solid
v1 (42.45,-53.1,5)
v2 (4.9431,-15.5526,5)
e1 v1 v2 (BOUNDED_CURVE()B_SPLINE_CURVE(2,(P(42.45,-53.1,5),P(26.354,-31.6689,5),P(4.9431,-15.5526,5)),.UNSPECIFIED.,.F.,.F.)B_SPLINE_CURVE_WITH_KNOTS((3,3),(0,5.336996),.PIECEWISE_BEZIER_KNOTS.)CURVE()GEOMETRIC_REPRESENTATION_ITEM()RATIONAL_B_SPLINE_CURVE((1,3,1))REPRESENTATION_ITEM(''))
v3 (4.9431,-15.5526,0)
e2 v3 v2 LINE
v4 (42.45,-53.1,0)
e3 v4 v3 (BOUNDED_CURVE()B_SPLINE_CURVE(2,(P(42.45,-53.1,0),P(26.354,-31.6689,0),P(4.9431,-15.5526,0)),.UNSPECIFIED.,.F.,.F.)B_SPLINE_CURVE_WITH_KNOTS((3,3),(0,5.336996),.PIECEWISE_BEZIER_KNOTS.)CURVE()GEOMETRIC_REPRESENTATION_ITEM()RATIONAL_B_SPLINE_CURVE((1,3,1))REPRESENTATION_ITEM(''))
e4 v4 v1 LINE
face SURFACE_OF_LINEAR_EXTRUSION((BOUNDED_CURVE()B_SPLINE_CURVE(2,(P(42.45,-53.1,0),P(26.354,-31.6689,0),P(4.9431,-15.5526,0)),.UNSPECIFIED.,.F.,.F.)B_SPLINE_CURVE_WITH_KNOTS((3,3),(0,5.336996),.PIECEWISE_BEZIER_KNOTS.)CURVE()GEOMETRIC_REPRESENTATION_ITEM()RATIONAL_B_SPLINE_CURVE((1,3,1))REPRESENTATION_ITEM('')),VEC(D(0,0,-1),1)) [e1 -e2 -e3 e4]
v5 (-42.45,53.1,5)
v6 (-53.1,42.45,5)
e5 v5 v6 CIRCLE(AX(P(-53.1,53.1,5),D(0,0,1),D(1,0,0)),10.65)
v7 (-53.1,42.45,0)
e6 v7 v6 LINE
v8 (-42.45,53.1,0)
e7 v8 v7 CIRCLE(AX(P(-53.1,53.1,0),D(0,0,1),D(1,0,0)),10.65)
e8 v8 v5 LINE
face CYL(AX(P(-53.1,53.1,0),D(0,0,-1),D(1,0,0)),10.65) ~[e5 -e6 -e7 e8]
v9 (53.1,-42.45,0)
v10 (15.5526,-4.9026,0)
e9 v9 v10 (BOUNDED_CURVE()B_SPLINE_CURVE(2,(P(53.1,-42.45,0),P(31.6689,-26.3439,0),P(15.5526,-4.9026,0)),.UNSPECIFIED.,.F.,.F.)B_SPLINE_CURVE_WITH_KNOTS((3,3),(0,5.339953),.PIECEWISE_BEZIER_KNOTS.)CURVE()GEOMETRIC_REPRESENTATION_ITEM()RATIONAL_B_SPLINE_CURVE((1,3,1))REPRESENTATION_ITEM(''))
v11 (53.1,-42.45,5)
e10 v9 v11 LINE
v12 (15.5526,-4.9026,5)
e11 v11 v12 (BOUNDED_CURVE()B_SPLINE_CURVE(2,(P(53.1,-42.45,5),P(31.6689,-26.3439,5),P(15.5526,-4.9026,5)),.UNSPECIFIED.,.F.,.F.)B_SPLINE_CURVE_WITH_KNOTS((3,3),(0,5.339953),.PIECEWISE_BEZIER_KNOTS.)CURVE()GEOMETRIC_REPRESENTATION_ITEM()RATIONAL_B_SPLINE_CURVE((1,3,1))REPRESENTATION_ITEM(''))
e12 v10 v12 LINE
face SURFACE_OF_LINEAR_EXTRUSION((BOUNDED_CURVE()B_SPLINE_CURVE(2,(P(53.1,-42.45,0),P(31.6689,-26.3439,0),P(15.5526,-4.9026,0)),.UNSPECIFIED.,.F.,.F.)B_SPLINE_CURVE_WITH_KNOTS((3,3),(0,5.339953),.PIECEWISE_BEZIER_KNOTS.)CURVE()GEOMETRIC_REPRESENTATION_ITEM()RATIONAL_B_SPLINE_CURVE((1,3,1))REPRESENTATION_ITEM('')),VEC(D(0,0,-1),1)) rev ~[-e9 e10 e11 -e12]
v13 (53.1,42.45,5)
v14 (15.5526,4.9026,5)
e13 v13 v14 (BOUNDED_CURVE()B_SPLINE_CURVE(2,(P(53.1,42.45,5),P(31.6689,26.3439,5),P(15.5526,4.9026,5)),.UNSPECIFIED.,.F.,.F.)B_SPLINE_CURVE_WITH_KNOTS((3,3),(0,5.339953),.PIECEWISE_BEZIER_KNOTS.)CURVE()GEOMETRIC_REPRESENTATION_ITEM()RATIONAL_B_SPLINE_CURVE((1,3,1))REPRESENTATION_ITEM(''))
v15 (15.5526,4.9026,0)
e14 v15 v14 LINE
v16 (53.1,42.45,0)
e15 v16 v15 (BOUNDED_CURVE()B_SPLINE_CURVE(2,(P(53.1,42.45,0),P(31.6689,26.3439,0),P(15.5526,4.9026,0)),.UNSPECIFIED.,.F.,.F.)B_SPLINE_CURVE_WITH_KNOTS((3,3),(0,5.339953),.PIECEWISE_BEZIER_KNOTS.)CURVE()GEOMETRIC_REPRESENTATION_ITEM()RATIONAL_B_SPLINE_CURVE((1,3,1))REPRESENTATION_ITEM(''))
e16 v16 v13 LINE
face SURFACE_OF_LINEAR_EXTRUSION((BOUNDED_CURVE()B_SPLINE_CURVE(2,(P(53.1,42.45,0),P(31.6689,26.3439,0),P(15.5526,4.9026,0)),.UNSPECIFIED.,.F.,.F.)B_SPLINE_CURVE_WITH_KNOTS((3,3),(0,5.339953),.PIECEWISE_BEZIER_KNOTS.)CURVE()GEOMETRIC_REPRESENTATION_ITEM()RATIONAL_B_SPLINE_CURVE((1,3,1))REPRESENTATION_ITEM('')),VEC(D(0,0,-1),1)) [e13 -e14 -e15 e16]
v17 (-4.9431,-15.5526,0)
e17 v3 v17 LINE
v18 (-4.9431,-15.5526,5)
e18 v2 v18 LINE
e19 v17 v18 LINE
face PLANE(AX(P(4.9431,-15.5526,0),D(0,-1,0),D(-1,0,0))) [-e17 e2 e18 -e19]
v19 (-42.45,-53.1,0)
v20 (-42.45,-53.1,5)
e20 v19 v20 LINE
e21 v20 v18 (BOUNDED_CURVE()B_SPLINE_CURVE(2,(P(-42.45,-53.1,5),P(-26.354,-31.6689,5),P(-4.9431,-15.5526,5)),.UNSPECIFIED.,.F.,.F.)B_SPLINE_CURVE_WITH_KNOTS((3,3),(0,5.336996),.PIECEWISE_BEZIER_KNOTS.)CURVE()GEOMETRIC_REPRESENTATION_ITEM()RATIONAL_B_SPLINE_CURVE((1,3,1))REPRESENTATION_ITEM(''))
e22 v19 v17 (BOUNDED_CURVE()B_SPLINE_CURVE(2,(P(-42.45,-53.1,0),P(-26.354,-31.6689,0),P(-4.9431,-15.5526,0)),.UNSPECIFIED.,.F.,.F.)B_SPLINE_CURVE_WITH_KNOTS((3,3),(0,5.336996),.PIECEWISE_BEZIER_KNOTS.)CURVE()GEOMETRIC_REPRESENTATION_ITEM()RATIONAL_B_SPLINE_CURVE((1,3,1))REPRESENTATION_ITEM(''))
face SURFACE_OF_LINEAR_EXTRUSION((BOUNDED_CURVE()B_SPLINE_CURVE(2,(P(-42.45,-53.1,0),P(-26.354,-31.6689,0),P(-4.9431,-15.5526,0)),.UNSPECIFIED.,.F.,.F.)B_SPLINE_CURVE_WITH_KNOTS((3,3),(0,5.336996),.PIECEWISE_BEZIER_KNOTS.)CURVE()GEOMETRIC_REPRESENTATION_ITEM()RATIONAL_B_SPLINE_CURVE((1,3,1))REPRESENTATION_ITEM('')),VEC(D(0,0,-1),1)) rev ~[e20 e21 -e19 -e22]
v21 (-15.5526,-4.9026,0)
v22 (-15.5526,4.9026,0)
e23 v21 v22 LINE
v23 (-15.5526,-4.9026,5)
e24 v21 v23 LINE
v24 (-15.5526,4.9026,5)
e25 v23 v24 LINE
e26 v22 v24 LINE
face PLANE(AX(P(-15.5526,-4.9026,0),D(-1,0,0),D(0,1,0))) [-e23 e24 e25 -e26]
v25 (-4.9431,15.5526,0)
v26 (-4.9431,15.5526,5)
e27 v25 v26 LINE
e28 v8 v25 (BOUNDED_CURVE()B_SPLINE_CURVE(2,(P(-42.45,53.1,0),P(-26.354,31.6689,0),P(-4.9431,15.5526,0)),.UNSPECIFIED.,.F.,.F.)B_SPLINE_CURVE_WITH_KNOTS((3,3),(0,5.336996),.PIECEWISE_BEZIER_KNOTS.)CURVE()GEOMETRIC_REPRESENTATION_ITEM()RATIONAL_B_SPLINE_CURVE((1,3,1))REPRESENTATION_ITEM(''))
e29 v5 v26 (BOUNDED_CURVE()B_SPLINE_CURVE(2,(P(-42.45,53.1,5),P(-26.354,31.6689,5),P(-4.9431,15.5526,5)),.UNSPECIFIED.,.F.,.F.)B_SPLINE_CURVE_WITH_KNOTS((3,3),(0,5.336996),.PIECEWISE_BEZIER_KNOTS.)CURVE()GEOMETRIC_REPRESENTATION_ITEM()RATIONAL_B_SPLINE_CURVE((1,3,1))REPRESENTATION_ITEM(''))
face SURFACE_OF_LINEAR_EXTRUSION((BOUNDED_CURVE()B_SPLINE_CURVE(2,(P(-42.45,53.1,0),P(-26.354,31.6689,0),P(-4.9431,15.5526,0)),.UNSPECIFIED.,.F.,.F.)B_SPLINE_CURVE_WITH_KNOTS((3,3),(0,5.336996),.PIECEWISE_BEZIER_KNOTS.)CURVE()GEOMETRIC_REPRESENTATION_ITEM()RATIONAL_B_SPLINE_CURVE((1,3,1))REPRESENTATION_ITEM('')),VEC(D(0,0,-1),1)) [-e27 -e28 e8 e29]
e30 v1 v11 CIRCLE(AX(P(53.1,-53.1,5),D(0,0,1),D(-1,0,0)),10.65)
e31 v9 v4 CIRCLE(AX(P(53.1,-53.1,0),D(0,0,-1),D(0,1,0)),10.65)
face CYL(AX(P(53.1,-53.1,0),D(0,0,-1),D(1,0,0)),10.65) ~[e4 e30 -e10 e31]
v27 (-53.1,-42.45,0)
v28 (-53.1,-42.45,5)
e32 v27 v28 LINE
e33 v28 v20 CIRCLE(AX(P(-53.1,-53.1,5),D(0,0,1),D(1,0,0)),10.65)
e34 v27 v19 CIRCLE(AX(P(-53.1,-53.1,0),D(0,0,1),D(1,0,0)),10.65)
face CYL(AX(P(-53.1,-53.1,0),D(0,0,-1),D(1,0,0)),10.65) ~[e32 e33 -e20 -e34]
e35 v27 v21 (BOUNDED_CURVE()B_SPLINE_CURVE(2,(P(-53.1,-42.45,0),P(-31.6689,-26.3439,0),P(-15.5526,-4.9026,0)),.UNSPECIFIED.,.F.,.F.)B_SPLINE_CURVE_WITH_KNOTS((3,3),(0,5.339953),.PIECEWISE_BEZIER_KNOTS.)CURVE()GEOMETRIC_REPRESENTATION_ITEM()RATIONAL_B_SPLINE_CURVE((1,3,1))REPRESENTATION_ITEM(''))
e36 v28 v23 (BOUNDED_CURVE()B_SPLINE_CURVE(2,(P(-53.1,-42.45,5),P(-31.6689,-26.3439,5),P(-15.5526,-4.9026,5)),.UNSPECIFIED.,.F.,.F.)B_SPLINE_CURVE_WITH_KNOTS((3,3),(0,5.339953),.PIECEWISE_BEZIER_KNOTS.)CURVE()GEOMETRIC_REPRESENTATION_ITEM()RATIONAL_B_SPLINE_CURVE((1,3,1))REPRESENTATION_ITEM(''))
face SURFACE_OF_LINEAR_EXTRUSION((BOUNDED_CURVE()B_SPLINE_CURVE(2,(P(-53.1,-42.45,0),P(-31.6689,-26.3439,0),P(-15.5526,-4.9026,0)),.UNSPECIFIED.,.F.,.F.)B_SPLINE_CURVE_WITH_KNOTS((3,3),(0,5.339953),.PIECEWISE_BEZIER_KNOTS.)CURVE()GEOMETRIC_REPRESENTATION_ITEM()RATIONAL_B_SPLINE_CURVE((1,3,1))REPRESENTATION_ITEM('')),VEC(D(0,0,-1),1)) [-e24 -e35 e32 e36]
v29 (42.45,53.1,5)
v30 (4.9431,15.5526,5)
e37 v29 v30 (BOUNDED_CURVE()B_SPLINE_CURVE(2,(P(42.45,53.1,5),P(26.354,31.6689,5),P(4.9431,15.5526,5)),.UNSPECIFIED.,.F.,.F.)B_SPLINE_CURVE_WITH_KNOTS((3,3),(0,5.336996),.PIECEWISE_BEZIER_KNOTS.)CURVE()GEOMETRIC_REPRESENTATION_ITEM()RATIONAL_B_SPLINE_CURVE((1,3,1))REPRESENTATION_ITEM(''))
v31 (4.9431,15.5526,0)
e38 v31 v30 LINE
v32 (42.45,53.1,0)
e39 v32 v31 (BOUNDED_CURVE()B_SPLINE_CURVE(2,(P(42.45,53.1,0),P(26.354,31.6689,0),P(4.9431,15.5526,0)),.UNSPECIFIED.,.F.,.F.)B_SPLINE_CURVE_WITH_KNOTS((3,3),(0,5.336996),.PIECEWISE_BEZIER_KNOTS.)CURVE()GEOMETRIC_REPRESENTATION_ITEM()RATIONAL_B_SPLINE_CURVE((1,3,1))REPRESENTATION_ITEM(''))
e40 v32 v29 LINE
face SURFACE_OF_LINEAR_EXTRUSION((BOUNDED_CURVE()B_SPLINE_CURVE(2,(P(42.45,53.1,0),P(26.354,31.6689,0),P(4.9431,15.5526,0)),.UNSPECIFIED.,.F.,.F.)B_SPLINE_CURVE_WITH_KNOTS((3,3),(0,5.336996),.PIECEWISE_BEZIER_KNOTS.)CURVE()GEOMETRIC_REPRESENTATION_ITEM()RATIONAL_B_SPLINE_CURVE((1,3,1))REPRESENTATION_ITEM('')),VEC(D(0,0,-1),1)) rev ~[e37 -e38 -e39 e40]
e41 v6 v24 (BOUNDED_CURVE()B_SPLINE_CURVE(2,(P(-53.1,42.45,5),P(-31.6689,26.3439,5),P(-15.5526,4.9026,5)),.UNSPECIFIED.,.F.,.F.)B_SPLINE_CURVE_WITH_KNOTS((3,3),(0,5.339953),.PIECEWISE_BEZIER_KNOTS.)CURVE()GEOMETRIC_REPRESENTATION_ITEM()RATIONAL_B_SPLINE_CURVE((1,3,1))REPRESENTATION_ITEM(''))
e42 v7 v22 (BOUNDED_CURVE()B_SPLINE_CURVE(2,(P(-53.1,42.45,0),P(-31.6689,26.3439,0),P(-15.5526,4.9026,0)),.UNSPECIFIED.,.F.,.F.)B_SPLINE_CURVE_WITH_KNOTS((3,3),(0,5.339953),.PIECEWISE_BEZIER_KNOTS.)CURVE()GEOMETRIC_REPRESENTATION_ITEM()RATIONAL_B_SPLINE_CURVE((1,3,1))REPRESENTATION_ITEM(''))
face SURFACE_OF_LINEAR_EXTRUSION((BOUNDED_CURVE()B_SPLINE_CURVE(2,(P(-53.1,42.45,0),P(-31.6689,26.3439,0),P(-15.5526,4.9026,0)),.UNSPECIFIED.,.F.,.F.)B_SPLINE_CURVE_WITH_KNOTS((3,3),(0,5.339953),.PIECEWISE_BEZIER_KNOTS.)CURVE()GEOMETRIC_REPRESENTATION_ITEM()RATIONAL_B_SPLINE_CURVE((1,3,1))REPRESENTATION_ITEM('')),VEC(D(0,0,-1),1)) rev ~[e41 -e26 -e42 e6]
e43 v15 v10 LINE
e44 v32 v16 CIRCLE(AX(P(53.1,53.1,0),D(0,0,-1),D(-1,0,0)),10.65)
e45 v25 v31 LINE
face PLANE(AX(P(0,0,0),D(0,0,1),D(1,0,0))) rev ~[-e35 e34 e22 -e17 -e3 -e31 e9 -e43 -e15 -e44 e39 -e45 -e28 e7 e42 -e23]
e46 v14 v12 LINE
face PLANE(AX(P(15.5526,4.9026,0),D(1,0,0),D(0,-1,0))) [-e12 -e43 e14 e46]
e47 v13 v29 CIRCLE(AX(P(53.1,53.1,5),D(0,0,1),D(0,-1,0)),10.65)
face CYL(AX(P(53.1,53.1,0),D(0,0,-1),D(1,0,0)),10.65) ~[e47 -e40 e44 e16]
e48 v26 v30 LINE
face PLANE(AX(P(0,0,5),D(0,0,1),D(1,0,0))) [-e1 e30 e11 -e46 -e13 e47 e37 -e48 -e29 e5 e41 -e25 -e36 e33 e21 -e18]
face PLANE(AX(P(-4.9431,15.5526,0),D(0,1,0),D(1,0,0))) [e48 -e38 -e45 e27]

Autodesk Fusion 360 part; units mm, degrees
sketch "Esboço1" plane through (0, 0, 0) normal (0, 0, 1) x (1, 0, 0)
  circle A0 centre (-53.1, 53.1) radius 10.65
  circle A1 centre (53.1, 53.1) radius 10.65
  circle A2 centre (-53.1, -53.1) radius 10.65
  circle A3 centre (53.1, -53.1) radius 10.65
  line L0 (0, 53.1) -> (0, -53.1) construction
  line L1 (-53.1, 0) -> (53.1, 0) construction
  line L2 (-53.1, -53.1) -> (-15.5526, -15.5526) construction
  line L3 (53.1, -53.1) -> (15.5526, -15.5526) construction
  line L4 (53.1, 53.1) -> (15.5526, 15.5526) construction
  line L5 (9.5526, -15.5526) -> (-9.5526, -15.5526)
  line L6 (-15.5526, -9.5526) -> (-15.5526, 9.5526)
  line L7 (-9.5526, 15.5526) -> (9.5526, 15.5526)
  line L8 (15.5526, 9.5526) -> (15.5526, -9.5526)
  line L9 (15.5526, -15.5526) -> (-15.5526, 15.5526) construction
  line L10 (-15.5526, -15.5526) -> (15.5526, 15.5526) construction
  line L11 (-42.45, 53.1) -> (-4.9431, 15.5526) construction
  line L12 (-53.1, 42.45) -> (-15.5526, 4.9026) construction
  line L13 (-23.6965, 34.3263) -> (-29.0114, 29.0114) construction
  line L14 (-34.3263, 23.6763) -> (-29.0114, 29.0114) construction
  spline S0 degree 2 poles (-42.45, 53.1) (-26.354, 31.6689) (-4.9431, 15.5526) knots 0 0 0 5.336996 5.336996 5.336996 weights 1 3 1
  spline S1 degree 2 poles (-53.1, 42.45) (-31.6689, 26.3439) (-15.5526, 4.9026) knots 0 0 0 5.339953 5.339953 5.339953 weights 1 3 1
  arc A4 (-9.5526, 15.5526) -> (-15.5526, 9.5526) centre (-9.5526, 9.5526) ccw
  spline S2 degree 2 poles (42.45, 53.1) (26.354, 31.6689) (4.9431, 15.5526) knots 0 0 0 5.336996 5.336996 5.336996 weights 1 3 1
  spline S3 degree 2 poles (53.1, 42.45) (31.6689, 26.3439) (15.5526, 4.9026) knots 0 0 0 5.339953 5.339953 5.339953 weights 1 3 1
  spline S4 degree 2 poles (-53.1, -42.45) (-31.6689, -26.3439) (-15.5526, -4.9026) knots 0 0 0 5.339953 5.339953 5.339953 weights 1 3 1
  spline S5 degree 2 poles (-42.45, -53.1) (-26.354, -31.6689) (-4.9431, -15.5526) knots 0 0 0 5.336996 5.336996 5.336996 weights 1 3 1
  spline S6 degree 2 poles (42.45, -53.1) (26.354, -31.6689) (4.9431, -15.5526) knots 0 0 0 5.336996 5.336996 5.336996 weights 1 3 1
  spline S7 degree 2 poles (53.1, -42.45) (31.6689, -26.3439) (15.5526, -4.9026) knots 0 0 0 5.339953 5.339953 5.339953 weights 1 3 1
  arc A5 (15.5526, 9.5526) -> (9.5526, 15.5526) centre (9.5526, 9.5526) ccw
  arc A6 (-15.5526, -9.5526) -> (-9.5526, -15.5526) centre (-9.5526, -9.5526) ccw
  arc A7 (9.5526, -15.5526) -> (15.5526, -9.5526) centre (9.5526, -9.5526) ccw
  dimension "d1" = 106.2
  dimension "d2" = 106.2
  dimension "d3" = 21.3
  dimension "d4" = 21.3
  dimension "d5" = 21.3
  dimension "d6" = 21.3
  dimension "d12" = 6
  dimension "d13" = 106.2
  dimension "d20" = 6
  dimension "d21" = 6
  dimension "d22" = 6
extrude "Extrusão1" add sketch "Esboço1" along normal blind 5
equation "d10 = 0.75"
equation "d11 = 0.75"
equation "d14 = d10"
equation "d15 = d11"
equation "d16 = d11"
equation "d17 = d10"
equation "d18 = d14"
equation "d19 = d15"
